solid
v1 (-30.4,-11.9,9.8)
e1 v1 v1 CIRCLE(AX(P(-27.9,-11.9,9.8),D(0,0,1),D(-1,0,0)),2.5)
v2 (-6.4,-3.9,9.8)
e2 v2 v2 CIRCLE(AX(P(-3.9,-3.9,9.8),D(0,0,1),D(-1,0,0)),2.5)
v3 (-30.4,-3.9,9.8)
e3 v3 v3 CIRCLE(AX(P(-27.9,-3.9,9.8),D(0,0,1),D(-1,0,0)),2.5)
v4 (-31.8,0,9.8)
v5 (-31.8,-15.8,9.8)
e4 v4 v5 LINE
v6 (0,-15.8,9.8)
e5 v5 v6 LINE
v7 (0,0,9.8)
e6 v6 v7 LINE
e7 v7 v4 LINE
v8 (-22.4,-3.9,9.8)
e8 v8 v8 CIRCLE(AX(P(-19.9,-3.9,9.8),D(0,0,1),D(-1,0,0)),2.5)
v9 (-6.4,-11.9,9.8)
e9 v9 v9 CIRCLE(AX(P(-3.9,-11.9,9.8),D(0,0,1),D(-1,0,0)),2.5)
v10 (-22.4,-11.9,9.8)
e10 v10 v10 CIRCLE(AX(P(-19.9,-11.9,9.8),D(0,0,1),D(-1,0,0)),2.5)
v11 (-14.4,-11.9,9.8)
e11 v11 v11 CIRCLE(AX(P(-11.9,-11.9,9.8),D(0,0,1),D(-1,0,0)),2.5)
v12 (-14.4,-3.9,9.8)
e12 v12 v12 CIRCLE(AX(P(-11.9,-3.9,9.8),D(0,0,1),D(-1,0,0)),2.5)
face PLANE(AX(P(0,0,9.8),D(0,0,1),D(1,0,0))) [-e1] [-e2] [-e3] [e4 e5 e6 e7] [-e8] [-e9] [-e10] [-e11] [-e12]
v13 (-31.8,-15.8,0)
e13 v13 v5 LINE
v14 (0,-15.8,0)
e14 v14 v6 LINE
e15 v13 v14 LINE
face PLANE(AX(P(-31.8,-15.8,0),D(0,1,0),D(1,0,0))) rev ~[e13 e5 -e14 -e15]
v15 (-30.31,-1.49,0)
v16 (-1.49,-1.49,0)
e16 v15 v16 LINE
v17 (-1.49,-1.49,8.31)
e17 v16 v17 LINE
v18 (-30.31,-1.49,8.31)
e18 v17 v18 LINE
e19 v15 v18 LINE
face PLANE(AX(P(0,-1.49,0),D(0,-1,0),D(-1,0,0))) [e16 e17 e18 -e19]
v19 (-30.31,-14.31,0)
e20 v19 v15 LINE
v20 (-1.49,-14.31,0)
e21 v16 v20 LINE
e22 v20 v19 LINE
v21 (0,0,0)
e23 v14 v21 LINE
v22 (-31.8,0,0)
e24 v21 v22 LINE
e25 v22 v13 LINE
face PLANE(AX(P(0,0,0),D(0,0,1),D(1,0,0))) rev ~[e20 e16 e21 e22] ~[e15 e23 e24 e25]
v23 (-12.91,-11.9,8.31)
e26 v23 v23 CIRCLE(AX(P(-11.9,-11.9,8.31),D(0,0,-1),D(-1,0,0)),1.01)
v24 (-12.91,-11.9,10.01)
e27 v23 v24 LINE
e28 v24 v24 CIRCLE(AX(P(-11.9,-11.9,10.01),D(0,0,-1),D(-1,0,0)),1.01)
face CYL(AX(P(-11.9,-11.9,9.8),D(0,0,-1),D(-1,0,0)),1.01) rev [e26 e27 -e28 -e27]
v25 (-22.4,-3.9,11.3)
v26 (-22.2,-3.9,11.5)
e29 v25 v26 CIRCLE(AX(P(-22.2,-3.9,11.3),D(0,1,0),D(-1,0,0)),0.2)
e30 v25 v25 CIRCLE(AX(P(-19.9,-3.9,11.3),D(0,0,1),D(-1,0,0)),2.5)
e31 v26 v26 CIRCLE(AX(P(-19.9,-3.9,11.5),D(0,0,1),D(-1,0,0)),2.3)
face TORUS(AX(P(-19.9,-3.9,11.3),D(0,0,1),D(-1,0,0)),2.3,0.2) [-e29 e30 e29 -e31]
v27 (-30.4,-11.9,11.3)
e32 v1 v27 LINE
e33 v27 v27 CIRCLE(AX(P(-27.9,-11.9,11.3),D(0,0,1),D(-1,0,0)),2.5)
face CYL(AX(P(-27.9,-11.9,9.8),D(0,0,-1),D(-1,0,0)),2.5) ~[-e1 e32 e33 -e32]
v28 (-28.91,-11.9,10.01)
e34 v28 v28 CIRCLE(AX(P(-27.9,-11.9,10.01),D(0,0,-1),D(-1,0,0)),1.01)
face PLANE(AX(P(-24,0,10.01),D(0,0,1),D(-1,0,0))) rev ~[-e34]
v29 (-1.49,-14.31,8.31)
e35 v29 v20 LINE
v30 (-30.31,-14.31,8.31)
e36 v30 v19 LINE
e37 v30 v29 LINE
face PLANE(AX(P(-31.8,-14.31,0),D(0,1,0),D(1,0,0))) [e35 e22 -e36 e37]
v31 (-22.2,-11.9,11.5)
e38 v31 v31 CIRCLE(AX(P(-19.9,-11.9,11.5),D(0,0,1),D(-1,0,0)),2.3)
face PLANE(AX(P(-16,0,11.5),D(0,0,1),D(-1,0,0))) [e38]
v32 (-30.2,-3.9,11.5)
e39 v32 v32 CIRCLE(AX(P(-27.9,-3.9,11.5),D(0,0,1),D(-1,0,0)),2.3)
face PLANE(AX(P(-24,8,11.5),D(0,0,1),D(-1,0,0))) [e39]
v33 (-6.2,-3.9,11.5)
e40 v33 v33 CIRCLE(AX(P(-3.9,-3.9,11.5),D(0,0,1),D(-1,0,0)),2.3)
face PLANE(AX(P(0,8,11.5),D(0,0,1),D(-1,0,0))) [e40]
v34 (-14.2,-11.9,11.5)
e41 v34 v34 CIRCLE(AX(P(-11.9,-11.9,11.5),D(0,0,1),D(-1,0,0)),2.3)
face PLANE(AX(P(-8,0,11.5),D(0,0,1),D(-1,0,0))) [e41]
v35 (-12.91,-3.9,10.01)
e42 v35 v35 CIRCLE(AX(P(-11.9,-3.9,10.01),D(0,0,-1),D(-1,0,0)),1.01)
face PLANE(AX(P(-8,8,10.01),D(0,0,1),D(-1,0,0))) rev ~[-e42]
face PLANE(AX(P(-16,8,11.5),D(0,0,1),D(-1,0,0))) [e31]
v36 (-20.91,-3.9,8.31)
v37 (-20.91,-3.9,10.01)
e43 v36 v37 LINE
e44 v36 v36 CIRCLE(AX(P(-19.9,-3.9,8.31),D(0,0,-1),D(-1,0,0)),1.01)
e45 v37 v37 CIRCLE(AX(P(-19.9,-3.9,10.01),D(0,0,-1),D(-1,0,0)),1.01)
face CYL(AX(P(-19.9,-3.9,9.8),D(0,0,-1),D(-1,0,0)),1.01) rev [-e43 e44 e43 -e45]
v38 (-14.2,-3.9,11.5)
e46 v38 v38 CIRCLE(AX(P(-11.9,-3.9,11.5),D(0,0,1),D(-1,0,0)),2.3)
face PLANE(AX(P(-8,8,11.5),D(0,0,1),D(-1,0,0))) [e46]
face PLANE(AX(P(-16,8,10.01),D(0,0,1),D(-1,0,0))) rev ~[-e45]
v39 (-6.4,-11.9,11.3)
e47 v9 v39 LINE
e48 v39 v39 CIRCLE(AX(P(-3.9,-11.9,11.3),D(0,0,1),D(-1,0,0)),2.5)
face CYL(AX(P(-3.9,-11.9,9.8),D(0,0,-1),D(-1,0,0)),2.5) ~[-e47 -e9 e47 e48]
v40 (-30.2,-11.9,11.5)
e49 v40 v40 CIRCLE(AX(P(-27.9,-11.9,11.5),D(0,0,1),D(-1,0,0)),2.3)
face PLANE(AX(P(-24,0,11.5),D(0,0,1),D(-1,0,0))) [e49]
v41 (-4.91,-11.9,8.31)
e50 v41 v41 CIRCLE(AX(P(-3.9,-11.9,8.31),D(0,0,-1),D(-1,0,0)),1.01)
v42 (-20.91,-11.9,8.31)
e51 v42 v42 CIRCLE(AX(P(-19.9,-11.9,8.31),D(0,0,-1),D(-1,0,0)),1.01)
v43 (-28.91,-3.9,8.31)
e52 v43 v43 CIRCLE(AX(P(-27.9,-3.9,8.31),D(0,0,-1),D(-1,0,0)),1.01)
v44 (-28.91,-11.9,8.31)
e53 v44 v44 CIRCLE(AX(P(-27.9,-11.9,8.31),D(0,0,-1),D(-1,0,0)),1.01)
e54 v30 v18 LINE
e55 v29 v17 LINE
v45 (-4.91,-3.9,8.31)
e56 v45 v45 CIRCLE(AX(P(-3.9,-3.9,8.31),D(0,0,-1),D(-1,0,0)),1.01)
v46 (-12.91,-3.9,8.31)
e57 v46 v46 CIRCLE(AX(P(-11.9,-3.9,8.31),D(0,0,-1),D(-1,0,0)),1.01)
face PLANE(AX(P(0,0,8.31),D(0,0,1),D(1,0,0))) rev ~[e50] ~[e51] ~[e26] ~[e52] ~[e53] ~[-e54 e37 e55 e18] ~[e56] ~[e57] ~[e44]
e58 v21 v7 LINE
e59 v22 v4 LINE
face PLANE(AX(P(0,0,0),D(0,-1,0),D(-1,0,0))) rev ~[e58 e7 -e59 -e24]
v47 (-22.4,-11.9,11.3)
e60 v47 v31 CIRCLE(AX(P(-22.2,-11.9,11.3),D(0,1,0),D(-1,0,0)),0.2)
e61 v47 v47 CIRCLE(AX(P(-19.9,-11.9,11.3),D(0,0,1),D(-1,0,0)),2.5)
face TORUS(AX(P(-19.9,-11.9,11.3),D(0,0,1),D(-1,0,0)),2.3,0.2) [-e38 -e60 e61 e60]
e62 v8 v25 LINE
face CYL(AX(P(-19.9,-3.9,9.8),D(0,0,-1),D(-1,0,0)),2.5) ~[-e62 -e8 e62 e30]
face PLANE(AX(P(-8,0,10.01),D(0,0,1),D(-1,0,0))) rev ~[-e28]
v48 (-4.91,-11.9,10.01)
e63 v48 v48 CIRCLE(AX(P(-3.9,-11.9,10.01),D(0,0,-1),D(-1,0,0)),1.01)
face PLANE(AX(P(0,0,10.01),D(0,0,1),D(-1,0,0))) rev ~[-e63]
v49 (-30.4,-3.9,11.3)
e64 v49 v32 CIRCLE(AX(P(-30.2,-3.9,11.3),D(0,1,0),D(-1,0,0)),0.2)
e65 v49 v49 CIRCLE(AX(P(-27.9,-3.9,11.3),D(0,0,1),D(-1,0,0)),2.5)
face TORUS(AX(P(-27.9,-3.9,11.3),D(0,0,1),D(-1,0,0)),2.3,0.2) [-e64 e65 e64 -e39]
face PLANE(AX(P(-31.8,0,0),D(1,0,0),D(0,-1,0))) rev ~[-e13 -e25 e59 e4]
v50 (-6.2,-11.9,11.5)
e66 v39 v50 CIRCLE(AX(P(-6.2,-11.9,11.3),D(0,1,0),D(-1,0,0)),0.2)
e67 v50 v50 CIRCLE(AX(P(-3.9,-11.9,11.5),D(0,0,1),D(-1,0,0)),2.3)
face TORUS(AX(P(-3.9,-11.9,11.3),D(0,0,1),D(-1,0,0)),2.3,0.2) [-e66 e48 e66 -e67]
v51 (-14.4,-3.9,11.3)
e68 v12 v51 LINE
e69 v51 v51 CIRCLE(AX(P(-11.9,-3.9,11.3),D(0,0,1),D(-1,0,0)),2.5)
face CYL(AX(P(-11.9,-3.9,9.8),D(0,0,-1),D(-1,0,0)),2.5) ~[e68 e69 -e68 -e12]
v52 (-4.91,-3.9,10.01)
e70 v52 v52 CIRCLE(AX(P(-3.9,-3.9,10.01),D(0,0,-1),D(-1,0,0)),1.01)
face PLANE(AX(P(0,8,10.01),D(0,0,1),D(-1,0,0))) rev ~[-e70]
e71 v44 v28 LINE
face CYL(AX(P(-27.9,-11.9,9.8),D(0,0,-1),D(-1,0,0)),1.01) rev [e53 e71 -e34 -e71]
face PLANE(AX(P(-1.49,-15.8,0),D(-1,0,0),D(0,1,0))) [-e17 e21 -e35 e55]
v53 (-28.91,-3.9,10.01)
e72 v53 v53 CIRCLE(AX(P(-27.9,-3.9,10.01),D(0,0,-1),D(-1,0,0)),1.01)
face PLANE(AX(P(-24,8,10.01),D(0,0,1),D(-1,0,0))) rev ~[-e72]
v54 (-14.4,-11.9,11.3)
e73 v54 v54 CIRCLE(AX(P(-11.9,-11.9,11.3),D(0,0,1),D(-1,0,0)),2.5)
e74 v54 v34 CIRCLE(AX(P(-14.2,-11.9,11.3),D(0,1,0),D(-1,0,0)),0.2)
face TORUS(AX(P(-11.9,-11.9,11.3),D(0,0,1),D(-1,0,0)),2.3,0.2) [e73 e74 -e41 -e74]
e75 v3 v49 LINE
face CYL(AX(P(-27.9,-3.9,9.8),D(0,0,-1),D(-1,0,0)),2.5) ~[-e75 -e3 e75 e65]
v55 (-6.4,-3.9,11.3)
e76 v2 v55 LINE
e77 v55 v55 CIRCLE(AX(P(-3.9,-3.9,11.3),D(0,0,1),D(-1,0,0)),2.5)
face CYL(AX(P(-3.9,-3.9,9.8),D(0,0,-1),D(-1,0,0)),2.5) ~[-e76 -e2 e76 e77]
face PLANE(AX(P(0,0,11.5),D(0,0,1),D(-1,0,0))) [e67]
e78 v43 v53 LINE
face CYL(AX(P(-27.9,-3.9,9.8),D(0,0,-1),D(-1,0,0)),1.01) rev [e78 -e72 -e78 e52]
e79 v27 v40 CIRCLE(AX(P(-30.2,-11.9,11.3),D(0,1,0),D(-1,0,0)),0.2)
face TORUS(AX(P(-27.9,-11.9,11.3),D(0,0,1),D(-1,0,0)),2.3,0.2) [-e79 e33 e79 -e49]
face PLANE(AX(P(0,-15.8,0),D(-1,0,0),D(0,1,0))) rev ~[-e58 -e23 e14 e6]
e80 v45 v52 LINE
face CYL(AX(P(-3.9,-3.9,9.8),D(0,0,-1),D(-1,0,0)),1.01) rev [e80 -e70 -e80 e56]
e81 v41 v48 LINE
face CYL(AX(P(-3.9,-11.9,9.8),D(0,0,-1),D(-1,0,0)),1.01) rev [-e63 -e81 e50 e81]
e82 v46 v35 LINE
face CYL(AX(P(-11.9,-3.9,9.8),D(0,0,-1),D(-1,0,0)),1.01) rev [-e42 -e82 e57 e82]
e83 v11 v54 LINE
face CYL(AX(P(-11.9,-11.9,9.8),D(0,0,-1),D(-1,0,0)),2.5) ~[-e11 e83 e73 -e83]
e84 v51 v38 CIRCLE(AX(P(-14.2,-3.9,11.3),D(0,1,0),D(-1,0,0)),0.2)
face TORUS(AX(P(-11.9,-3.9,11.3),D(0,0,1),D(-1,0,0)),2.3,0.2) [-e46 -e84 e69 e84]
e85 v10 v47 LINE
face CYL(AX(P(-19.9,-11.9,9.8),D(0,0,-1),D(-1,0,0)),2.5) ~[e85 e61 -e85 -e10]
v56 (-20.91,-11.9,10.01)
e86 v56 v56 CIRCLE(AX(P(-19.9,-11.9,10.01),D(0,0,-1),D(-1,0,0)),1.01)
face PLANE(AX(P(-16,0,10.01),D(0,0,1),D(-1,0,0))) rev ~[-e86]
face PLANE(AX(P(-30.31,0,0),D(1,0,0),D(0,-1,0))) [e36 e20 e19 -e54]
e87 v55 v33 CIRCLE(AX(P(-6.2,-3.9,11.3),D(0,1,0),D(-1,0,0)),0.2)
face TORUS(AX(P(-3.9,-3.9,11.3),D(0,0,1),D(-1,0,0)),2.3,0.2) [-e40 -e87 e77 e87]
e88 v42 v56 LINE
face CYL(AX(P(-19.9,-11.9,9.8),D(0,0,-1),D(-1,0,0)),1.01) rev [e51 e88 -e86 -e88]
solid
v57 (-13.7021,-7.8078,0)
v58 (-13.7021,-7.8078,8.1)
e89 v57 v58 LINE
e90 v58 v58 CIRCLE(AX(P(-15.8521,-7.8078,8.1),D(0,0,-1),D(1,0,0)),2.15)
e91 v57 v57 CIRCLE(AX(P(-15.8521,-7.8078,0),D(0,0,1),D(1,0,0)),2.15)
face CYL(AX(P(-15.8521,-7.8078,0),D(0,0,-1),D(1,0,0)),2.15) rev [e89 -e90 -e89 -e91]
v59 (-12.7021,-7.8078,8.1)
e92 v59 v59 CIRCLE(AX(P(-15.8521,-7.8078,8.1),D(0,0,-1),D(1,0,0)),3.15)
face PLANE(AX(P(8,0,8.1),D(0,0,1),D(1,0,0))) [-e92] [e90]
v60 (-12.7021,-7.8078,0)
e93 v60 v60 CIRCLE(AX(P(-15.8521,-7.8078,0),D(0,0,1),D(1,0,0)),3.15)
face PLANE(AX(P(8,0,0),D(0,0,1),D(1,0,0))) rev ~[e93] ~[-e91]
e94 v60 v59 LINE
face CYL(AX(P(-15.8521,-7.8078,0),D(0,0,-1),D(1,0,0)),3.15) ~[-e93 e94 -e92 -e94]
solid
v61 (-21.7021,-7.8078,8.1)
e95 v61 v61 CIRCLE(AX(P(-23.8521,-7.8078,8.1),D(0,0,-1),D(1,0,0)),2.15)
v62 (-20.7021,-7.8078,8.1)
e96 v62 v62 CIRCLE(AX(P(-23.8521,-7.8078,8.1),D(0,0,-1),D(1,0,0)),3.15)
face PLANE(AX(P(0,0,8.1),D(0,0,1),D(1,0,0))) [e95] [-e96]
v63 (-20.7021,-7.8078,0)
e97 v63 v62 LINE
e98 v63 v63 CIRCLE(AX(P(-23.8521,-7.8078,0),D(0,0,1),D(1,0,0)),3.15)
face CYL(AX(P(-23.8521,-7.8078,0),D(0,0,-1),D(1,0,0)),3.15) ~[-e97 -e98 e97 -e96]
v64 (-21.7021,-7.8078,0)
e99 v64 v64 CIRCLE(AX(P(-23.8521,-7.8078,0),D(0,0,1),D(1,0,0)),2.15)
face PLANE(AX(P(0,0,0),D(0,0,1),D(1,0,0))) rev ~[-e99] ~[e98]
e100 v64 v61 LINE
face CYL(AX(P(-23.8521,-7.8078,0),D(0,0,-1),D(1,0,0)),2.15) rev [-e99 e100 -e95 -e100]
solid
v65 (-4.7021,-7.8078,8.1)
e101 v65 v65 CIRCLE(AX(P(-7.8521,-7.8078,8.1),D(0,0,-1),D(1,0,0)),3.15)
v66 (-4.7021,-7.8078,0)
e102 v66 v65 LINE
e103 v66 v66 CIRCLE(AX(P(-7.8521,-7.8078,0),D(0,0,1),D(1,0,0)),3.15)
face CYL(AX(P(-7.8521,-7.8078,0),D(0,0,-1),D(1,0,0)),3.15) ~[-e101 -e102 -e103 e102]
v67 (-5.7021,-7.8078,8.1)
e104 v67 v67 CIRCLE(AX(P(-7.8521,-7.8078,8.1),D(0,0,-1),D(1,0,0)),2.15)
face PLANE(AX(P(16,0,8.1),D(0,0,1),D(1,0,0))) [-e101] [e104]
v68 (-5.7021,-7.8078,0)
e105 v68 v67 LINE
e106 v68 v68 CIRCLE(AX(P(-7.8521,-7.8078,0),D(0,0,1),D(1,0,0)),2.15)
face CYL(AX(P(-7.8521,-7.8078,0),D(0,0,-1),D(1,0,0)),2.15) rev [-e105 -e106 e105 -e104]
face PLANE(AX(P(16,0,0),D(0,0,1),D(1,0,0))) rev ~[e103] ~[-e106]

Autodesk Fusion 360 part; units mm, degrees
sketch "Sketch1" plane through (0, 0, 0) normal (0, 0, 1) x (1, 0, 0) in component "2x8 Block"
  line L0 (0, 0) -> (-31.8, 0)
  line L1 (-31.8, 0) -> (-31.8, -15.8)
  line L2 (-31.8, -15.8) -> (0, -15.8)
  line L3 (0, -15.8) -> (0, 0)
  dimension "d1" = 31.8
  dimension "d2" = 15.8
extrude "Extrude2" add sketch "Sketch1" along normal blind 9.8 makes body 1 in component "2x8 Block"
sketch "Sketch2" plane through (0, 0, 9.8) normal (0, 0, 1) x (-1, 0, 0) in component "2x8 Block"
  line L0 (0, 15.8) -> (0, 0)
  line L1 (0, 0) -> (31.8, 0)
  line L2 (31.8, 0) -> (31.8, 15.8)
  line L3 (31.8, 15.8) -> (0, 15.8)
  circle A0 centre (3.9, 11.9) radius 2.5
  dimension "d7" = 5
  dimension "d8" = 3.9
  dimension "d9" = 3.9
extrude "Extrude3" add sketch "Sketch2" along normal blind 1.7 contours A0 bodies 1 in component "2x8 Block"
pattern_linear "R-Pattern1" count 2 spacing 8 along (0, 1, 0) count 4 spacing 8 along (-1, 0, 0) of "Extrude3" in component "2x8 Block"
shell "Shell1" thickness 1.49 removed faces 1 at (-21.2, -10.5333, 0) on bodies 1 in component "2x8 Block"
sketch "Sketch3" plane through (0, 0, 0) normal (0, 0, 1) x (1, 0, 0) in component "2x8 Block"
  line L0 (-19.8337, -11.8825) -> (-27.8704, -3.7331)
  circle A0 centre (-23.8521, -7.8078) radius 3.15
  circle A1 centre (-23.8521, -7.8078) radius 2.15
  circle A2 centre (-23.8521, -7.8078) radius 4.15
  dimension "d17" = 6.3
  dimension "d18" = -1
  dimension "d19" = 1
extrude "Extrude4" add sketch "Sketch3" along normal blind 8.1 separate body contours L0 A0 A1 | L0 A0 A1 makes body 2 in component "2x8 Block"
pattern_linear "R-Pattern2" count 3 spacing 8 along (1, 0, 0) of "Extrude4" makes body 3 makes body 4 in component "2x8 Block"
fillet "Fillet5" radius 0.2 8 edges at (-25.5692, -2.996, 11.5) (-25.5692, -10.996, 11.5) (-17.5692, -10.996, 11.5) (-17.5692, -2.996, 11.5) (-9.5692, -2.996, 11.5) (-9.5692, -10.996, 11.5) (-1.5692, -2.996, 11.5) (-1.5692, -10.996, 11.5) on bodies 1 in component "2x8 Block"
component "2x8 Block" placed x (1, 0, 0) y (0, 1, 0) z (0, 0, 1) at (0, 0, 0)
